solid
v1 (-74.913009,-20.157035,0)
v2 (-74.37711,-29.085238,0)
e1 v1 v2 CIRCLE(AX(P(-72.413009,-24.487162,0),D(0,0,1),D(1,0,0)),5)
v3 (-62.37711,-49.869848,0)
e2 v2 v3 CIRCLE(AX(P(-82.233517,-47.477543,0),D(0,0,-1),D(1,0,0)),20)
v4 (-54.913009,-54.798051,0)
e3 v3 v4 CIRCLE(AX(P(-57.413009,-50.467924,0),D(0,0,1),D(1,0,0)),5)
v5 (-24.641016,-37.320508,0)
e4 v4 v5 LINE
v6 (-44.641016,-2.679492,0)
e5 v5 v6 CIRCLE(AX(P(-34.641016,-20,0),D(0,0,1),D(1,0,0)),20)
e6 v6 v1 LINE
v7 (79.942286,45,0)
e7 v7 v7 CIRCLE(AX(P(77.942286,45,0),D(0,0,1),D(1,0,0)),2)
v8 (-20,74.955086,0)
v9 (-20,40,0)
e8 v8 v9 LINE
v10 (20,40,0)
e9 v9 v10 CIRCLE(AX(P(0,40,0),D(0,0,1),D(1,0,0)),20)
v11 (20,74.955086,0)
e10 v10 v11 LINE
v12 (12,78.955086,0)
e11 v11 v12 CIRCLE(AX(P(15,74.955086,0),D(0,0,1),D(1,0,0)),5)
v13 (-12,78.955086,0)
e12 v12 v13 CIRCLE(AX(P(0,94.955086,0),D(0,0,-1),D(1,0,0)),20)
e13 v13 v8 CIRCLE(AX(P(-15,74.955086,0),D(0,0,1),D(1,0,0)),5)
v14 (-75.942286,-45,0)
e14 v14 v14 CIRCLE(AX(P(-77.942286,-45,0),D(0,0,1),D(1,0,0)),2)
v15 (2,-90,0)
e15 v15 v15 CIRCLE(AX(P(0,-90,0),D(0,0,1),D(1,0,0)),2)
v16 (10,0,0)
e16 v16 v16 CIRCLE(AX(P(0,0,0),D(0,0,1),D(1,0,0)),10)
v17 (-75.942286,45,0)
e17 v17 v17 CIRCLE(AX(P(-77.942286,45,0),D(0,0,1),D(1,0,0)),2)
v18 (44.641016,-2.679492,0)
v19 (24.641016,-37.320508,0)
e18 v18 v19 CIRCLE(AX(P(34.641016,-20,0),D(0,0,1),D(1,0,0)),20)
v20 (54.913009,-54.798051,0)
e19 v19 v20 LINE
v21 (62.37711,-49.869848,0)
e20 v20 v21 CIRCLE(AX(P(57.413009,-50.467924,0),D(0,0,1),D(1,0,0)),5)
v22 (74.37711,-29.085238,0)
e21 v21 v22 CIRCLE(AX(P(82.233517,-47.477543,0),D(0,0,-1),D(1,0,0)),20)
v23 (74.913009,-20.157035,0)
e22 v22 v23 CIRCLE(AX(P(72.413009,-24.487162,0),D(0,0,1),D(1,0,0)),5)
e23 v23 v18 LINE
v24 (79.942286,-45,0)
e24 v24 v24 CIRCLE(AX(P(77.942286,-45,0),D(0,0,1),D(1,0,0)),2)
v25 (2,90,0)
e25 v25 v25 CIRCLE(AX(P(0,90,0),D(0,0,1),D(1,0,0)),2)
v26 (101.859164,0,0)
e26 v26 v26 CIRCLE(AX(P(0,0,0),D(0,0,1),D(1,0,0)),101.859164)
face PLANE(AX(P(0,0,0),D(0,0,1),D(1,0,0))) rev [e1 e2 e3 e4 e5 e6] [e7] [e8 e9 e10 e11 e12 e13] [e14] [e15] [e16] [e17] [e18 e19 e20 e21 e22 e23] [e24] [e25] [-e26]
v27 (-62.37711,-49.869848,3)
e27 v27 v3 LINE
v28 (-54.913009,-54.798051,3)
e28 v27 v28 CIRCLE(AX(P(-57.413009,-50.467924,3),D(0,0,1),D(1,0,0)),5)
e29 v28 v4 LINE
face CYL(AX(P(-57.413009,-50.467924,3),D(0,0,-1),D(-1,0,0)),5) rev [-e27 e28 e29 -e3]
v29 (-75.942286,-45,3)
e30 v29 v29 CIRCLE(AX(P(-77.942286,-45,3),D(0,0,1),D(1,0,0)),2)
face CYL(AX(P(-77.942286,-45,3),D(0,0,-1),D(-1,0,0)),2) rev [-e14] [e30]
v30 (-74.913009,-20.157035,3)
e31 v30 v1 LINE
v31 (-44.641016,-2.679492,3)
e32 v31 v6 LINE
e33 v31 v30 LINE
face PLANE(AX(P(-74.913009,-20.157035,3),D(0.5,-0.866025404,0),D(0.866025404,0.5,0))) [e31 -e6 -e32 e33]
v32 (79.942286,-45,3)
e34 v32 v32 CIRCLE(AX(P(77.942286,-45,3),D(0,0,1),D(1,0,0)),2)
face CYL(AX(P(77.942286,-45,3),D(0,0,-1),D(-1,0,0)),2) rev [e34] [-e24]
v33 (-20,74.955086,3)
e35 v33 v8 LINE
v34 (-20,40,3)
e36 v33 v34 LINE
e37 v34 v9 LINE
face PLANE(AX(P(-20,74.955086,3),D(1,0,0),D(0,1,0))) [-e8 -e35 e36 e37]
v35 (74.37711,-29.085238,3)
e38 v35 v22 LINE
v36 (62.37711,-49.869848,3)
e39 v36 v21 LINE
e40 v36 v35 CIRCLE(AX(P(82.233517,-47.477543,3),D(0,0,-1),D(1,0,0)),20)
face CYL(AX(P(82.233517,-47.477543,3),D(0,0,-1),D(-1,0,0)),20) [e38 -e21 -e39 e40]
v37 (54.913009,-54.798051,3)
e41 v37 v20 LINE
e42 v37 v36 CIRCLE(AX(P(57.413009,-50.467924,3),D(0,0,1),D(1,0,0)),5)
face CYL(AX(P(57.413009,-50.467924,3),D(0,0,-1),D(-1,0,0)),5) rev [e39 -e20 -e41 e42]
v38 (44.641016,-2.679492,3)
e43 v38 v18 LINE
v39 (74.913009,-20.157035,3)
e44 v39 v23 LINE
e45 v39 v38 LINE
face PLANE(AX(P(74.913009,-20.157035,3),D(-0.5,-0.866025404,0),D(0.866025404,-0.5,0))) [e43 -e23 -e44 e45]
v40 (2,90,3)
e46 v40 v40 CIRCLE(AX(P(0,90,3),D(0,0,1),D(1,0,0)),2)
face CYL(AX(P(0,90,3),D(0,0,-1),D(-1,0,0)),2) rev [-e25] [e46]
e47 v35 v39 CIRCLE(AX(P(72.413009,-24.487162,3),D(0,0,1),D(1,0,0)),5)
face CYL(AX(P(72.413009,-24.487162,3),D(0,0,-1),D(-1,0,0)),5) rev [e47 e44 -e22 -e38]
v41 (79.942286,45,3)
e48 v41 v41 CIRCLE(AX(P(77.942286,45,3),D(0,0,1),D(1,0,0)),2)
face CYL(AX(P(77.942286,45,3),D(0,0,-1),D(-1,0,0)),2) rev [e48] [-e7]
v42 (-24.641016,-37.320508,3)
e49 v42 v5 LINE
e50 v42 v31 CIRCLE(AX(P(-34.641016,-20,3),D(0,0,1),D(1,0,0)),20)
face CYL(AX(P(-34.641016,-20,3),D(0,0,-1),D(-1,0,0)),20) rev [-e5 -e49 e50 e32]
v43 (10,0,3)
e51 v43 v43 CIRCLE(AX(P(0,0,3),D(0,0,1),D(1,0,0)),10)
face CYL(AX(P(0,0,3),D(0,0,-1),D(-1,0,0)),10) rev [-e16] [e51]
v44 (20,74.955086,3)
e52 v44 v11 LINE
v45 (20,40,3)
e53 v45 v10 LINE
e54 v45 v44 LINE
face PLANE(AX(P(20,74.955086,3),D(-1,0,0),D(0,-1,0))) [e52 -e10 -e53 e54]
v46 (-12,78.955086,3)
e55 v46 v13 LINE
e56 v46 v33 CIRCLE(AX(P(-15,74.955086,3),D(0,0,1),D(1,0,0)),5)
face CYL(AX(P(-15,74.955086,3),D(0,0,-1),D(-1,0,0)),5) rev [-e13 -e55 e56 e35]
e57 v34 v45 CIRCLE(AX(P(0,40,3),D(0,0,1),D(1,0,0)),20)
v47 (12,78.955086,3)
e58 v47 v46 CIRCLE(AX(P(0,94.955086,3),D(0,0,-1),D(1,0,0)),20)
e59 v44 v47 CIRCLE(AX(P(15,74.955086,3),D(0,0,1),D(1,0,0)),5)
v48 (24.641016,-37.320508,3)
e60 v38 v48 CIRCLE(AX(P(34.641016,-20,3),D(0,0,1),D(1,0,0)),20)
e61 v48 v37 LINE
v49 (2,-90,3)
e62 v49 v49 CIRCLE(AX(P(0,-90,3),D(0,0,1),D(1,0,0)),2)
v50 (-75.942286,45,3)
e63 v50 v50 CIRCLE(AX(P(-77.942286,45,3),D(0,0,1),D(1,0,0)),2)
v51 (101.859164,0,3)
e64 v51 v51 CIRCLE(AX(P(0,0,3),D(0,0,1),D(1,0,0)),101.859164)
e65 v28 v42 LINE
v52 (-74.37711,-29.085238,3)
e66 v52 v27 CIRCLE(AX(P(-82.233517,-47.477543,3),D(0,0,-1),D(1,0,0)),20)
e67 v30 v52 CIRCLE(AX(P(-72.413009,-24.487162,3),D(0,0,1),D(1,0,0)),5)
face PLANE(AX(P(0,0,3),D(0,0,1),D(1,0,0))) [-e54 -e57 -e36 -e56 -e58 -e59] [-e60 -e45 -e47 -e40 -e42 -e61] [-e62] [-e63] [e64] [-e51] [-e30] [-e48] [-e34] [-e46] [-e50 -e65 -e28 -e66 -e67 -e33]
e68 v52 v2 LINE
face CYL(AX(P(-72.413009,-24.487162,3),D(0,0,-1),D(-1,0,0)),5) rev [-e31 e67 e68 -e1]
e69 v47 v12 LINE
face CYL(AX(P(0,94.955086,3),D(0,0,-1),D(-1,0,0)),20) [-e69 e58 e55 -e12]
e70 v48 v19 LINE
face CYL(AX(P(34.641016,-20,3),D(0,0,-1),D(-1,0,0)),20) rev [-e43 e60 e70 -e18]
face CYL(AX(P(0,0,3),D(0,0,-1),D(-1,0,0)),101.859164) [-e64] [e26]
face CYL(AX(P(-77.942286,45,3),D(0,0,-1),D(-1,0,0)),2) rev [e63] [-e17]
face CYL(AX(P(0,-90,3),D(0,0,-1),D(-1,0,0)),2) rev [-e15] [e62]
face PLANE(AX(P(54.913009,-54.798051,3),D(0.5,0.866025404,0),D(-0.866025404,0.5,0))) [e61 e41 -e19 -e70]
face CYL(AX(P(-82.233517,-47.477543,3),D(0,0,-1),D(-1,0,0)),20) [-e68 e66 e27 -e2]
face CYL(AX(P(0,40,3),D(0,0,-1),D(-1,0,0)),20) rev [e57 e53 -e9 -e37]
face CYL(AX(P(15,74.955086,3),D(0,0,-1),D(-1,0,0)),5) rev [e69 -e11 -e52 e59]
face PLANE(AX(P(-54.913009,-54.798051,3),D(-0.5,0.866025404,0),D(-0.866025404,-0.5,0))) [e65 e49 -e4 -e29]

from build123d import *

# Parameters (mm, degrees)
SKETCH1_R           = 101.859163579
SKETCH1_R_2         = 2
SKETCH1_R_3         = 10
BOSS_EXTRUDE1_DEPTH = 3


with BuildPart() as part:
    # Sketch1 → Boss-Extrude1 (new body)
    with BuildSketch(Plane.XY):
        Circle(SKETCH1_R)
        with Locations((0, 90)):
            Circle(SKETCH1_R_2, mode=Mode.SUBTRACT)
        with Locations((77.942286341, 45)):
            Circle(SKETCH1_R_2, mode=Mode.SUBTRACT)
        with Locations((77.942286341, -45)):
            Circle(SKETCH1_R_2, mode=Mode.SUBTRACT)
        with Locations((0, -90)):
            Circle(SKETCH1_R_2, mode=Mode.SUBTRACT)
        with Locations((-77.942286341, -45)):
            Circle(SKETCH1_R_2, mode=Mode.SUBTRACT)
        with Locations((-77.942286341, 45)):
            Circle(SKETCH1_R_2, mode=Mode.SUBTRACT)
        Circle(SKETCH1_R_3, mode=Mode.SUBTRACT)
        with BuildLine():
            Line((-20, 74.95508592), (-20, 40))
            ThreePointArc((-20, 40), (0, 20), (20, 40))
            Line((20, 40), (20, 74.95508592))
            ThreePointArc((20, 74.95508592), (17.236067977, 79.427221875), (12, 78.95508592))
            ThreePointArc((12, 78.95508592), (0, 74.95508592), (-12, 78.95508592))
            ThreePointArc((-12, 78.95508592), (-17.236067977, 79.427221875), (-20, 74.95508592))
        make_face(mode=Mode.SUBTRACT)
        with BuildLine():
            Line((74.91300855, -20.157034884), (44.641016151, -2.679491924))
            ThreePointArc((44.641016151, -2.679491924), (17.320508076, -10), (24.641016151, -37.320508076))
            Line((24.641016151, -37.320508076), (54.91300855, -54.798051036))
            ThreePointArc((54.91300855, -54.798051036), (60.167957907, -54.640483667), (62.377110165, -49.869847805))
            ThreePointArc((62.377110165, -49.869847805), (64.91300855, -37.47754296), (74.377110165, -29.085238115))
            ThreePointArc((74.377110165, -29.085238115), (77.404025885, -24.786738208), (74.91300855, -20.157034884))
        make_face(mode=Mode.SUBTRACT)
        with BuildLine():
            Line((-54.91300855, -54.798051036), (-24.641016151, -37.320508076))
            ThreePointArc((-24.641016151, -37.320508076), (-17.320508076, -10), (-44.641016151, -2.679491924))
            Line((-44.641016151, -2.679491924), (-74.91300855, -20.157034884))
            ThreePointArc((-74.91300855, -20.157034884), (-77.404025885, -24.786738208), (-74.377110165, -29.085238115))
            ThreePointArc((-74.377110165, -29.085238115), (-64.91300855, -37.47754296), (-62.377110165, -49.869847805))
            ThreePointArc((-62.377110165, -49.869847805), (-60.167957907, -54.640483667), (-54.91300855, -54.798051036))
        make_face(mode=Mode.SUBTRACT)
    extrude(amount=BOSS_EXTRUDE1_DEPTH)


solid = part.part
